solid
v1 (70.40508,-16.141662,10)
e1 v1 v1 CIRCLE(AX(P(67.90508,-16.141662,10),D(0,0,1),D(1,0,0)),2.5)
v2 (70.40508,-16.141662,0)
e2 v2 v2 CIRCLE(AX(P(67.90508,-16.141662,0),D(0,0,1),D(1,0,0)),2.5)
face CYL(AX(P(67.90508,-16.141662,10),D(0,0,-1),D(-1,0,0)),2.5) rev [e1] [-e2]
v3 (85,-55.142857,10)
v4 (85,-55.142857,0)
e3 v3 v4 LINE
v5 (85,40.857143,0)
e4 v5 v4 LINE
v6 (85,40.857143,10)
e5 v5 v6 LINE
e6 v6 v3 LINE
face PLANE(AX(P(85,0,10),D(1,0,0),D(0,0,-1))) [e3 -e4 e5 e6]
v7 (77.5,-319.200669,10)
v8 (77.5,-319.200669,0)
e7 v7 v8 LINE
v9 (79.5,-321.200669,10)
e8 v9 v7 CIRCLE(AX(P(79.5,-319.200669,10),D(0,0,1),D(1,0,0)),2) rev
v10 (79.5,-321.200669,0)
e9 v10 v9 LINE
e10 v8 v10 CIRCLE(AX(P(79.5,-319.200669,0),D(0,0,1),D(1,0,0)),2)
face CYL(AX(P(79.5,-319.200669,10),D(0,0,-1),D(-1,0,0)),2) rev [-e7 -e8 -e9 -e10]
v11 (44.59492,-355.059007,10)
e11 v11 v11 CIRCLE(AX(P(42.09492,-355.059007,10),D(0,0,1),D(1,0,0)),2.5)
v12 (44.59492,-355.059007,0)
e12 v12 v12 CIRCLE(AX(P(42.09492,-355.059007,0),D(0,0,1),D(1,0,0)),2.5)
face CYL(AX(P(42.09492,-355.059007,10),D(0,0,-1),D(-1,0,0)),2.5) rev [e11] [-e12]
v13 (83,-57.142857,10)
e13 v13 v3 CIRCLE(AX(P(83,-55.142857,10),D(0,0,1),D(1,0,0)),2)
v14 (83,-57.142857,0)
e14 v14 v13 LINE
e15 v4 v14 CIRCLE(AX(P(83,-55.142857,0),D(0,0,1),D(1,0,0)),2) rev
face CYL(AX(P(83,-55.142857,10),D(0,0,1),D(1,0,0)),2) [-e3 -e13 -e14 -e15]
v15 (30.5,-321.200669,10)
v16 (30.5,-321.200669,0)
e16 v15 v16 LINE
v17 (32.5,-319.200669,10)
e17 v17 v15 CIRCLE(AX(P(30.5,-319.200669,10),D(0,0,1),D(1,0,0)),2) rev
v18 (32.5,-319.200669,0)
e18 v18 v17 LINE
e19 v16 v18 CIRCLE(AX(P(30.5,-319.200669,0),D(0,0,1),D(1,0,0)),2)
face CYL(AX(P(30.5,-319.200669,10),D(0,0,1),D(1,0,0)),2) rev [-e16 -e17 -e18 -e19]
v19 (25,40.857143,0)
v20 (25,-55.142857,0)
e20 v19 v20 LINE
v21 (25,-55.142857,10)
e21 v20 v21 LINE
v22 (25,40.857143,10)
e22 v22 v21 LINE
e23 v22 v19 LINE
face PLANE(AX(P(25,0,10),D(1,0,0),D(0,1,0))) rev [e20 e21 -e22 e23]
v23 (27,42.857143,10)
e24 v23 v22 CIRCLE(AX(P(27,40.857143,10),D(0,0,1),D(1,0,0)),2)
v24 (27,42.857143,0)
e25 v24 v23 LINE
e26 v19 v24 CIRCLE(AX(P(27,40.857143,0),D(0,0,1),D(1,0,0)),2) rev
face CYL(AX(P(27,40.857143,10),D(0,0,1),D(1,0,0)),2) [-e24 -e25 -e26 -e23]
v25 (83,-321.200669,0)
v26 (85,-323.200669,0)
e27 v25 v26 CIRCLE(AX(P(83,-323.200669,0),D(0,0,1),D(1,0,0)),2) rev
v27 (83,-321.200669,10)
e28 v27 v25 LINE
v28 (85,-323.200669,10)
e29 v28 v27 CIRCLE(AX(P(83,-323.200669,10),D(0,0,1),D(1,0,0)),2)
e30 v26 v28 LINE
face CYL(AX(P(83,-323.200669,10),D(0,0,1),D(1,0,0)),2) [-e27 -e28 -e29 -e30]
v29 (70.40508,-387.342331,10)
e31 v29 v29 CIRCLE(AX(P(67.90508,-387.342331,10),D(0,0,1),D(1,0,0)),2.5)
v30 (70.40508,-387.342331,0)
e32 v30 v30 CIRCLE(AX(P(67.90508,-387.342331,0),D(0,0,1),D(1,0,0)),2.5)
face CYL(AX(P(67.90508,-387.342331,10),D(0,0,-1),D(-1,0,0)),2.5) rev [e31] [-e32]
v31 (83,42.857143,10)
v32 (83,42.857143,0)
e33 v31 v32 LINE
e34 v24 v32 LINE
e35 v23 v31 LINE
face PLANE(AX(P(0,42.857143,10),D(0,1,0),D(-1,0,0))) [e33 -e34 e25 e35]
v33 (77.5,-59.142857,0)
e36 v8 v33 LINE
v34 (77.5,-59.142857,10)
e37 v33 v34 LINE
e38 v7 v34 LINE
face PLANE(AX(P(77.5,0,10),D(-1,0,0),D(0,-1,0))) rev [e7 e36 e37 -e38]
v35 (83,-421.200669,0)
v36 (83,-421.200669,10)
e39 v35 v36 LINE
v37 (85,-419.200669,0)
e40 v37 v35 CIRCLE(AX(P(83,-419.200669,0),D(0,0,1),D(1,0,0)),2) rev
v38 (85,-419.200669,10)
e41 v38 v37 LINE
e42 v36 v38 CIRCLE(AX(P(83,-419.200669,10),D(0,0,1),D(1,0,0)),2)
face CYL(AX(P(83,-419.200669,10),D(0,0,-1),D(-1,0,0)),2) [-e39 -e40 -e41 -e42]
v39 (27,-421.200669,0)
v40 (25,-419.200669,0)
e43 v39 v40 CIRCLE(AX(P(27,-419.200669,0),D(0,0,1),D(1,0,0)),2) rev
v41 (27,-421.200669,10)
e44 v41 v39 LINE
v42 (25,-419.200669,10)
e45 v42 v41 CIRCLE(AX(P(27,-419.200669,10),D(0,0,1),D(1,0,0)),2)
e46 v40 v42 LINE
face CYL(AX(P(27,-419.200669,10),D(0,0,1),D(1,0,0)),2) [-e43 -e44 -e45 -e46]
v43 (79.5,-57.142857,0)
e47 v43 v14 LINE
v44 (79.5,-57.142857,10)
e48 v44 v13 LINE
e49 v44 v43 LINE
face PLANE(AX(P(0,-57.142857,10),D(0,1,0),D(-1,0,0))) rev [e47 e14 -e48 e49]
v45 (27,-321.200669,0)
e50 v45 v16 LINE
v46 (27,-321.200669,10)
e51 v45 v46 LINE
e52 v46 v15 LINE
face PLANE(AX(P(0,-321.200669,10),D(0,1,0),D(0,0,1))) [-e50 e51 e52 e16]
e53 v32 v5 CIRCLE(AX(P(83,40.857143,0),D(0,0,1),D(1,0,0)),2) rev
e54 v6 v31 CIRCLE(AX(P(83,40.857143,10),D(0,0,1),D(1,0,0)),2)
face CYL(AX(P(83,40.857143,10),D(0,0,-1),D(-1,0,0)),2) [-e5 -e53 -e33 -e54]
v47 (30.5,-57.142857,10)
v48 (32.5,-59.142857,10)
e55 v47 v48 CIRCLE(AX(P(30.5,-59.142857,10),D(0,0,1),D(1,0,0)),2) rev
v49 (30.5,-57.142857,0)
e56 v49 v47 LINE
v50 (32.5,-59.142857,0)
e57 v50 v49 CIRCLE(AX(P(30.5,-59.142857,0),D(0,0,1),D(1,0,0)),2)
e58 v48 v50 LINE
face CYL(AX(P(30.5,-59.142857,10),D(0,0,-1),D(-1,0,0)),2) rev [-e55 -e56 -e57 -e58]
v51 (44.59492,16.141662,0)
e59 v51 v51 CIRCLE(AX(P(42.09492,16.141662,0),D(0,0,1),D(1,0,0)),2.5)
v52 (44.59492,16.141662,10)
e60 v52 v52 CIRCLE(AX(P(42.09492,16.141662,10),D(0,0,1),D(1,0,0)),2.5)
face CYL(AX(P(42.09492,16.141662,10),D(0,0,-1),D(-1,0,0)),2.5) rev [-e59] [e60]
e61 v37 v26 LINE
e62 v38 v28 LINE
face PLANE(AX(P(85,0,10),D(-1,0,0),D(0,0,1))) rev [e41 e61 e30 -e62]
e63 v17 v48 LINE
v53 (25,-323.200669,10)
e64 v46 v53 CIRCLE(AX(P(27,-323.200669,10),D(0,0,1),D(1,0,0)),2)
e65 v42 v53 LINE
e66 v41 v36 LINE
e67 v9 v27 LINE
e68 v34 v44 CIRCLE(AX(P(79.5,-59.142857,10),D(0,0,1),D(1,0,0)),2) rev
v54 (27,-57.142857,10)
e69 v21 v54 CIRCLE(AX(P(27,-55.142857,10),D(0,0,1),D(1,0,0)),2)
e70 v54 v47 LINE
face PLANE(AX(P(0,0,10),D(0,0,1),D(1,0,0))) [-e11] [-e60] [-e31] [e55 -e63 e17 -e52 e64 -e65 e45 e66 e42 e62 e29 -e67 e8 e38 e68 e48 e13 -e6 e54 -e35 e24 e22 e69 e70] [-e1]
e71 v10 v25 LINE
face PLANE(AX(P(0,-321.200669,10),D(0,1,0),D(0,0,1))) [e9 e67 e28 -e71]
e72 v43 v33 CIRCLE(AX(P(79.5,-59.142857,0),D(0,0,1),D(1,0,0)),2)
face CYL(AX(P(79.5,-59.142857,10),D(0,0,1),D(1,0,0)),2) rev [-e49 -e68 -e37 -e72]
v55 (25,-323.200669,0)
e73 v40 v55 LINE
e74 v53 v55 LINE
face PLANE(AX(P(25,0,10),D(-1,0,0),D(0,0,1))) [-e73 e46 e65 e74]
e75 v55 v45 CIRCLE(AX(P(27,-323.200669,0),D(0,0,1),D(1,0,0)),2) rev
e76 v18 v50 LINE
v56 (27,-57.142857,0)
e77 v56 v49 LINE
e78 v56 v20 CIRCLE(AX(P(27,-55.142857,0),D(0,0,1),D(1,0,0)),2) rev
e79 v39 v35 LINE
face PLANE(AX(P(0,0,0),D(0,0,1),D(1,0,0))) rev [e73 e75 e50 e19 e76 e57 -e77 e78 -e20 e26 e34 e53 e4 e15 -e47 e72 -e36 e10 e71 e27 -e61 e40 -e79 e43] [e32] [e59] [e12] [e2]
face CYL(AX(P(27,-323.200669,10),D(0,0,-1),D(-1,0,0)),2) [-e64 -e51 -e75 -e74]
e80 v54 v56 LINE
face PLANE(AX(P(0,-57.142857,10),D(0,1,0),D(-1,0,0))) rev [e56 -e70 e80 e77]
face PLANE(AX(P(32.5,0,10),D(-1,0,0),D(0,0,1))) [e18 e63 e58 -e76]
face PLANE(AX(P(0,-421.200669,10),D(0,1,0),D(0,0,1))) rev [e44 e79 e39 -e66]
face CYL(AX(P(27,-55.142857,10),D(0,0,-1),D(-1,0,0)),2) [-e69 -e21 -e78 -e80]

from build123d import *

# Parameters (mm, degrees)
SKETCH1_R           = 2.5
SKETCH1_W           = 45
SKETCH1_H           = 264.057811959
SKETCH1_W_2         = 60
SKETCH1_H_2         = 100
BOSS_EXTRUDE1_DEPTH = 10
FILLET1_R           = 2


with BuildPart() as part:
    # Sketch1 → Boss-Extrude1 (new body)
    # profile 1 of 3: a face of its own
    with BuildSketch(Plane.XY):
        Polygon((77.5, -321.200669102), (32.5, -321.200669102), (25, -321.200669102), (25, -421.200669102), (85, -421.200669102), (85, -321.200669102), align=None)
        with Locations((42.094920328, -355.059007065)):
            Circle(SKETCH1_R, mode=Mode.SUBTRACT)
        with Locations((67.905079672, -387.342331139)):
            Circle(SKETCH1_R, mode=Mode.SUBTRACT)
    # profile 2 of 3: a face of its own
    with BuildSketch(Plane.XY):
        with Locations((55, -189.171763123)):
            Rectangle(SKETCH1_W, SKETCH1_H)
    # profile 3 of 3: a face of its own
    with BuildSketch(Plane.XY):
        with Locations((55, -7.142857143)):
            Rectangle(SKETCH1_W_2, SKETCH1_H_2)
        with Locations((42.094920328, 16.141662037)):
            Circle(SKETCH1_R, mode=Mode.SUBTRACT)
        with Locations((67.905079672, -16.141662037)):
            Circle(SKETCH1_R, mode=Mode.SUBTRACT)
    extrude(amount=BOSS_EXTRUDE1_DEPTH)

    # Fillet1
    fillet1_edges = [part.edges().sort_by_distance(p)[0] for p in [
        (25, -421.200669102, 5),
        (25, -321.200669102, 5),
        (32.5, -321.200669102, 5),
        (32.5, -57.142857143, 5),
        (25, -57.142857143, 5),
        (25, 42.857142857, 5),
        (85, 42.857142857, 5),
        (85, -57.142857143, 5),
        (77.5, -57.142857143, 5),
        (77.5, -321.200669102, 5),
        (85, -321.200669102, 5),
        (85, -421.200669102, 5),
    ]]
    fillet(fillet1_edges, radius=FILLET1_R)


solid = part.part
